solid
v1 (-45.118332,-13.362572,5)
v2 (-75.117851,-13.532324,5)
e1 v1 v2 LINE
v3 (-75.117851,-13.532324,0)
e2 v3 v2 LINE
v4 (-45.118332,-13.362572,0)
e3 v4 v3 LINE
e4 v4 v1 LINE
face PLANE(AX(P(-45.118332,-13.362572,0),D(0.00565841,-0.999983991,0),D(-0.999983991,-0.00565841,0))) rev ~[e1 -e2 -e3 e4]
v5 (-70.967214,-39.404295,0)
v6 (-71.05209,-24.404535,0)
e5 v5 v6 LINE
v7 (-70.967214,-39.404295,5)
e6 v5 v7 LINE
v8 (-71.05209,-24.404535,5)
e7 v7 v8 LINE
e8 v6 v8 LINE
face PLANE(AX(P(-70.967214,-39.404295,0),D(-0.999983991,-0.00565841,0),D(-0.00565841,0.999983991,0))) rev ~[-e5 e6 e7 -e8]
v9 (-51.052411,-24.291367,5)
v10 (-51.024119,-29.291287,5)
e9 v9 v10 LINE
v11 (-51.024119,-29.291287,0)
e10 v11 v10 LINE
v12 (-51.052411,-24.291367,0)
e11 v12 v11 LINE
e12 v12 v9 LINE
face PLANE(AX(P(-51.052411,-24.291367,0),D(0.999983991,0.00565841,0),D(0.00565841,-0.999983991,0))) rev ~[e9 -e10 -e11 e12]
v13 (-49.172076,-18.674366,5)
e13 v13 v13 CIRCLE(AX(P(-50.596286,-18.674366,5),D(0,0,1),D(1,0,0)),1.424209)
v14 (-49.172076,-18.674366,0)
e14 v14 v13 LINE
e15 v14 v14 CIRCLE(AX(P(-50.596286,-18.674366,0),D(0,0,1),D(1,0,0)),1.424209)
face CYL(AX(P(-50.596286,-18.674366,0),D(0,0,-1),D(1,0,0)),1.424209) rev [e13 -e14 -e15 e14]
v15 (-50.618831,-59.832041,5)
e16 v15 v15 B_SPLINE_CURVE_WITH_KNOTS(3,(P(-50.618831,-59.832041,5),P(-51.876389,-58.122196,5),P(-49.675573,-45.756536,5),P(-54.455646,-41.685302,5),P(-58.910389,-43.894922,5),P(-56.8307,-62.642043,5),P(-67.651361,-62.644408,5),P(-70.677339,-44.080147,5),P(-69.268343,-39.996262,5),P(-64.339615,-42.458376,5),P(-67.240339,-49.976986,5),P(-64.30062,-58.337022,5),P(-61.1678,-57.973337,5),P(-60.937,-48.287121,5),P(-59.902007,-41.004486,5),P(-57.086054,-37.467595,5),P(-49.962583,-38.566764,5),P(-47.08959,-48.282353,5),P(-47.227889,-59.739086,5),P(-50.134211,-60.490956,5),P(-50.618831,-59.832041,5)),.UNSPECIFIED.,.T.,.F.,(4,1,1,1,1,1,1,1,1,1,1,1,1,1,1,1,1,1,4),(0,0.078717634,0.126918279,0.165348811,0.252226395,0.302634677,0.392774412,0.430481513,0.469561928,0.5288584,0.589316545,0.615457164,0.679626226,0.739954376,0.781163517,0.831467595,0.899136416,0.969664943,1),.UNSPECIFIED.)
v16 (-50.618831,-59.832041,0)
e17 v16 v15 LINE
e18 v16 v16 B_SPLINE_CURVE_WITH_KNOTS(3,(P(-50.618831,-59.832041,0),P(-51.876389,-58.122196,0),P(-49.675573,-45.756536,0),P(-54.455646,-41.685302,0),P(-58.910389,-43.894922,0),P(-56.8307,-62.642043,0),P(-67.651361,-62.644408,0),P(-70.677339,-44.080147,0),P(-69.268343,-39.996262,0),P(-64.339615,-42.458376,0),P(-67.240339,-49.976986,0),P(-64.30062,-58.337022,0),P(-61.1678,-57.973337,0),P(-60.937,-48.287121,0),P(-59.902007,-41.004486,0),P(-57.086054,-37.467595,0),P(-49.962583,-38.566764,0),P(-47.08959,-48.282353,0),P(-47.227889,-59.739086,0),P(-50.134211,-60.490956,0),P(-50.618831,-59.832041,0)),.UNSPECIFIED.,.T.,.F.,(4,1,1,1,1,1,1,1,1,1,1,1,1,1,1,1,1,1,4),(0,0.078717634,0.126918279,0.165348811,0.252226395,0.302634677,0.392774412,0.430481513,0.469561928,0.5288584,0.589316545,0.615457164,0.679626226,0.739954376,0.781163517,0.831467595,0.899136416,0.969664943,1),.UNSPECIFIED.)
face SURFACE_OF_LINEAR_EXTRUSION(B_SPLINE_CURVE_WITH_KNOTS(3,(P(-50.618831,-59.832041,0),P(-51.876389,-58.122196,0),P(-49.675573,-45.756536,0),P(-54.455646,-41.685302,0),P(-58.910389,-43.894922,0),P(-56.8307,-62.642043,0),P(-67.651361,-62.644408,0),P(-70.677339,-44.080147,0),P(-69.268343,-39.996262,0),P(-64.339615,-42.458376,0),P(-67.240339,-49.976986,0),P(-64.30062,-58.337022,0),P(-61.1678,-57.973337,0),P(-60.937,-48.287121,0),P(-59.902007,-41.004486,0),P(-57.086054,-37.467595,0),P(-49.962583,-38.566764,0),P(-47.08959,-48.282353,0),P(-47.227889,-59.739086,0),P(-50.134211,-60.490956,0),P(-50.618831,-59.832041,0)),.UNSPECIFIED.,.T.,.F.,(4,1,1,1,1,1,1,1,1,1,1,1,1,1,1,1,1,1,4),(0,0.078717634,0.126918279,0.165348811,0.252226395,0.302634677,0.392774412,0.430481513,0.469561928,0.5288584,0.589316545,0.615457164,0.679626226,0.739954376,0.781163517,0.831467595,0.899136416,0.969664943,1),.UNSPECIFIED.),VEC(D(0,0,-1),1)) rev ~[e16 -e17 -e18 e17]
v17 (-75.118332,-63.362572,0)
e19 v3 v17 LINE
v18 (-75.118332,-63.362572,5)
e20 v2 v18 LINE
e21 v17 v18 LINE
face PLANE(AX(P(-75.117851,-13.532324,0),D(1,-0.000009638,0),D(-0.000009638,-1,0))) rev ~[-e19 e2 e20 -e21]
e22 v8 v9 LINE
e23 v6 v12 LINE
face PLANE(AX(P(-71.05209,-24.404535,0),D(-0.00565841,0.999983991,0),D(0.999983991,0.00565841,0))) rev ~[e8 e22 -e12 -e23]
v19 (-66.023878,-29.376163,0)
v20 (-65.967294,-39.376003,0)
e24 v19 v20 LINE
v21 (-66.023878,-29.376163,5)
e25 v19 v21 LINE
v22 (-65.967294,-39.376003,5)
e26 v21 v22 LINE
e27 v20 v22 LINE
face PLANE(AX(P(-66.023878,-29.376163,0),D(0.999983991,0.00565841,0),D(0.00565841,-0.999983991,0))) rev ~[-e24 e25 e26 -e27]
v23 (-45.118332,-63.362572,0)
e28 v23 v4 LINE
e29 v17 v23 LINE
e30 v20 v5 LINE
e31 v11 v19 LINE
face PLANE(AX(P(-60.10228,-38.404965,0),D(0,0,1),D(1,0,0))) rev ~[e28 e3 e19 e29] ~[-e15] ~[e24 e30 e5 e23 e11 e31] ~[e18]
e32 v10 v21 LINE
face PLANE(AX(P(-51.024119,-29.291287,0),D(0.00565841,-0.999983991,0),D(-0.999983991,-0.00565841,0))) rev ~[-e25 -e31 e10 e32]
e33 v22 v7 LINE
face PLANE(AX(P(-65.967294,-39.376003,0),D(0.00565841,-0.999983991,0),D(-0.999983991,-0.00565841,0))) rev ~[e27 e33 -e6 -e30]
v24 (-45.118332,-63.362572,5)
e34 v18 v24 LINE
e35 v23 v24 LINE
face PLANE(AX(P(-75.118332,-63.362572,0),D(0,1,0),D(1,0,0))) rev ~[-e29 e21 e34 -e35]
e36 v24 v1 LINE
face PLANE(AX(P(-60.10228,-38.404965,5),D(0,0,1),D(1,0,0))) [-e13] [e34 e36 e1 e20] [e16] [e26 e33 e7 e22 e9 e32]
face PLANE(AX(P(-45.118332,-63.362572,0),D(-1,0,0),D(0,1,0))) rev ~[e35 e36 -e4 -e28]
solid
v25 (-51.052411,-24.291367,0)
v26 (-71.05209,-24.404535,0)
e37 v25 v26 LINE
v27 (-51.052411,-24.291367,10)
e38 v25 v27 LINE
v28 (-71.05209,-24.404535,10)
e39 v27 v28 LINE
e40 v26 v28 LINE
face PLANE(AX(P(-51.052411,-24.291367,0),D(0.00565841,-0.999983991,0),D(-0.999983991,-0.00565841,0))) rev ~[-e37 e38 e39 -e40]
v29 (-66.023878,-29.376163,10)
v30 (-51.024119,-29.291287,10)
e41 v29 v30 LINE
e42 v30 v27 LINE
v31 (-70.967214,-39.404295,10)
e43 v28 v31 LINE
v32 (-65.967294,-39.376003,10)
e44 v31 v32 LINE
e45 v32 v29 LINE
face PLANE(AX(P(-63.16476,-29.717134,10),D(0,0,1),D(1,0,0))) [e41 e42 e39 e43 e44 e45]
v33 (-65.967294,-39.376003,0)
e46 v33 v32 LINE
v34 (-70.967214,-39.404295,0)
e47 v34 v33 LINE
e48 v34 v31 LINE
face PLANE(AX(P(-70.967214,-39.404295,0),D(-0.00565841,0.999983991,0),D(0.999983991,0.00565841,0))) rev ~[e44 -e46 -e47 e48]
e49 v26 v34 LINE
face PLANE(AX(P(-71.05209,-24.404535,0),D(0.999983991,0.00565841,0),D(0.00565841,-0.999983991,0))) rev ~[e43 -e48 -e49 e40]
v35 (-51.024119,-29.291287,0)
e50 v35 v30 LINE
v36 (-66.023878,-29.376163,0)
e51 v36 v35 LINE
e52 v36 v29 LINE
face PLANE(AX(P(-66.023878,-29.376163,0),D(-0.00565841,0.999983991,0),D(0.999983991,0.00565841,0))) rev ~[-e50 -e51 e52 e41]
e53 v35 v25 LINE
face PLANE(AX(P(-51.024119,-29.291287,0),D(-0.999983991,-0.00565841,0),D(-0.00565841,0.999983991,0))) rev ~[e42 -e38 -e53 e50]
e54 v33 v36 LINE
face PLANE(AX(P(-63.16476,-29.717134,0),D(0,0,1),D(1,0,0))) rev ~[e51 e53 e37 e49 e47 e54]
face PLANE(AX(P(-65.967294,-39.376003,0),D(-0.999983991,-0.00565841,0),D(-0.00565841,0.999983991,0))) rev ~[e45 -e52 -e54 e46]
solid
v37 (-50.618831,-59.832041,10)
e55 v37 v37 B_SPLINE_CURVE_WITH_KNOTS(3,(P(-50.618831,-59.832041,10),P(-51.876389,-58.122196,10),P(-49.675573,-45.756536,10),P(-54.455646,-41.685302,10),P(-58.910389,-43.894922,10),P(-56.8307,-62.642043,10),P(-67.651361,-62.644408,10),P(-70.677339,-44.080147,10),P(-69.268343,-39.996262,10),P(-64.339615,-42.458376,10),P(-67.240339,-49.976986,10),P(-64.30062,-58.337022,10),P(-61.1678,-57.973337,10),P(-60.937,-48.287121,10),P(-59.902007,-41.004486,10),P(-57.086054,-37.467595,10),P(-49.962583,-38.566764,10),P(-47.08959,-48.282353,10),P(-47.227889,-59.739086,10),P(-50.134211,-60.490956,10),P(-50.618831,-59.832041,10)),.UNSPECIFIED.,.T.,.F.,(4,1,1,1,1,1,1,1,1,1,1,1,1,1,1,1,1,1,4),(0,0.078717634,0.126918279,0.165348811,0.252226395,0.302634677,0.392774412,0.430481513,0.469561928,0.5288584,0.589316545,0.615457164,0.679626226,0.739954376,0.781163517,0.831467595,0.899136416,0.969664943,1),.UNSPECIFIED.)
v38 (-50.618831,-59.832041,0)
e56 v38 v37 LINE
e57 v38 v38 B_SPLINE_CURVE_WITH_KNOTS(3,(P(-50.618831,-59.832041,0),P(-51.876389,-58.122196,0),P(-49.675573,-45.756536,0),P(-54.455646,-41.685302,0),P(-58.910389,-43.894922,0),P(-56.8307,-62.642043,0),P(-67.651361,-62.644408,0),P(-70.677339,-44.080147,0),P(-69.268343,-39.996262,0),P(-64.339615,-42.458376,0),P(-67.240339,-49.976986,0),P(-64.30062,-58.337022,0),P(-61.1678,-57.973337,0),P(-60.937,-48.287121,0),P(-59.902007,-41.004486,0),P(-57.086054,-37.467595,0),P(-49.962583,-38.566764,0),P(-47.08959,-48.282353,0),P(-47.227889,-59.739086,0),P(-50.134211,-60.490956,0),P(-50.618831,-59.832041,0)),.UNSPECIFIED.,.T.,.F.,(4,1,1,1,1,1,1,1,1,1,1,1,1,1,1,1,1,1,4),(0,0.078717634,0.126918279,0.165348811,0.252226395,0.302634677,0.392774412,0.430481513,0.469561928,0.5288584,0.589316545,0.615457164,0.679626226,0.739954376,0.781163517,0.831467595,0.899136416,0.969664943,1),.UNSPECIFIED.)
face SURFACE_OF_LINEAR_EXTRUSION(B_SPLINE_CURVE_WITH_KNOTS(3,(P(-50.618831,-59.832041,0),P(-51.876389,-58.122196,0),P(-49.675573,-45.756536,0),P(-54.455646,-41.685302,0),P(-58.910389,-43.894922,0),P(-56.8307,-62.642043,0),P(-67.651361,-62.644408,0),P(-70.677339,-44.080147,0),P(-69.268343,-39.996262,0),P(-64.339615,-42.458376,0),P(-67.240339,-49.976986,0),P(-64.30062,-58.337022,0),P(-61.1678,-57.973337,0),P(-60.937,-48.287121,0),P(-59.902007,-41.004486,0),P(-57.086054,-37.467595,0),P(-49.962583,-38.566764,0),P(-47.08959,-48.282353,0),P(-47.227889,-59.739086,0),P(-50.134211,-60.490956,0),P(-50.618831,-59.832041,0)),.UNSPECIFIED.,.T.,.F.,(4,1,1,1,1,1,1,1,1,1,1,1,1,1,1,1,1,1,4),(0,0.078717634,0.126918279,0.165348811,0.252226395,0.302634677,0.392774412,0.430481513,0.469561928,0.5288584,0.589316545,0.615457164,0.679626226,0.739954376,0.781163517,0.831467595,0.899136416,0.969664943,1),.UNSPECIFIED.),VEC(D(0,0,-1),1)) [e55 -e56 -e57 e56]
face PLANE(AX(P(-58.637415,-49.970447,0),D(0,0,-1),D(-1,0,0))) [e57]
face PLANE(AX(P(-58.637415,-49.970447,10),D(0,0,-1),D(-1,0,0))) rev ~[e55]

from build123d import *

# Parameters (mm, degrees)
F1_DEPTH = 10
F0_R     = 1.4242092256
F2_DEPTH = 5


with BuildPart() as f1:
    # F0 (on Top) → F1 (new body)
    with BuildSketch(Plane.XY):
        with BuildLine():
            add(Edge.make_bspline(
                [(-50.6188306212, -59.8320406675), (-51.8763890405, -58.1221955441), (-49.6755731791, -45.7565356068), (-54.4556459997, -41.6853015467), (-58.9103885717, -43.8949223614), (-56.8307000705, -62.6420429857), (-67.6513609777, -62.6444077768), (-70.6773389561, -44.080146862), (-69.2683431434, -39.9962619349), (-64.3396150969, -42.4583762396), (-67.2403392891, -49.9769858106), (-64.3006203541, -58.3370219688), (-61.1678000982, -57.973337465), (-60.9369998943, -48.2871210226), (-59.9020068956, -41.0044863602), (-57.0860537623, -37.4675945328), (-49.9625833306, -38.5667635054), (-47.0895895792, -48.2823526962), (-47.2278885022, -59.7390856185), (-50.1342110421, -60.4909559207), (-50.6188306212, -59.8320406675)],
                knots=[0, 0, 0, 0, 0.078717634, 0.1269182793, 0.1653488106, 0.2522263948, 0.3026346771, 0.3927744121, 0.4304815133, 0.4695619276, 0.5288583996, 0.5893165451, 0.6154571645, 0.6796262262, 0.7399543756, 0.7811635169, 0.8314675952, 0.8991364165, 0.9696649427, 1, 1, 1, 1], degree=3))
        make_face()
    extrude(amount=F1_DEPTH)


with BuildPart() as f1b:
    # F0 (on Top) → F1, piece 2 (new body)
    with BuildSketch(Plane.XY):
        Polygon((-51.02411856, -29.2912871681), (-51.0524106121, -24.2913672128), (-71.0520904335, -24.4045354213), (-70.9672142771, -39.4042952874), (-65.9672943217, -39.3760032352), (-66.023878426, -29.3761633245), align=None)
    extrude(amount=F1_DEPTH)


with BuildPart() as f2:
    # F0 (on Top) → F2 (new body)
    with BuildSketch(Plane.XY):
        Polygon((-75.1178513021, -13.5323244519), (-75.1183315701, -63.3625721391), (-45.1183315701, -63.3625721391), (-45.1183315701, -13.3625721391), align=None)
        with BuildLine():
            add(Edge.make_bspline(
                [(-50.6188306212, -59.8320406675), (-51.8763890405, -58.1221955441), (-49.6755731791, -45.7565356068), (-54.4556459997, -41.6853015467), (-58.9103885717, -43.8949223614), (-56.8307000705, -62.6420429857), (-67.6513609777, -62.6444077768), (-70.6773389561, -44.080146862), (-69.2683431434, -39.9962619349), (-64.3396150969, -42.4583762396), (-67.2403392891, -49.9769858106), (-64.3006203541, -58.3370219688), (-61.1678000982, -57.973337465), (-60.9369998943, -48.2871210226), (-59.9020068956, -41.0044863602), (-57.0860537623, -37.4675945328), (-49.9625833306, -38.5667635054), (-47.0895895792, -48.2823526962), (-47.2278885022, -59.7390856185), (-50.1342110421, -60.4909559207), (-50.6188306212, -59.8320406675)],
                knots=[0, 0, 0, 0, 0.078717634, 0.1269182793, 0.1653488106, 0.2522263948, 0.3026346771, 0.3927744121, 0.4304815133, 0.4695619276, 0.5288583996, 0.5893165451, 0.6154571645, 0.6796262262, 0.7399543756, 0.7811635169, 0.8314675952, 0.8991364165, 0.9696649427, 1, 1, 1, 1], degree=3))
        make_face(mode=Mode.SUBTRACT)
        Polygon((-71.0520904335, -24.4045354213), (-51.0524106121, -24.2913672128), (-51.02411856, -29.2912871681), (-66.023878426, -29.3761633245), (-65.9672943217, -39.3760032352), (-70.9672142771, -39.4042952874), align=None, mode=Mode.SUBTRACT)
        with Locations((-50.5962856114, -18.6743661761)):
            Circle(F0_R, mode=Mode.SUBTRACT)
    extrude(amount=F2_DEPTH)


solid = Compound([f1.part, f1b.part, f2.part])
